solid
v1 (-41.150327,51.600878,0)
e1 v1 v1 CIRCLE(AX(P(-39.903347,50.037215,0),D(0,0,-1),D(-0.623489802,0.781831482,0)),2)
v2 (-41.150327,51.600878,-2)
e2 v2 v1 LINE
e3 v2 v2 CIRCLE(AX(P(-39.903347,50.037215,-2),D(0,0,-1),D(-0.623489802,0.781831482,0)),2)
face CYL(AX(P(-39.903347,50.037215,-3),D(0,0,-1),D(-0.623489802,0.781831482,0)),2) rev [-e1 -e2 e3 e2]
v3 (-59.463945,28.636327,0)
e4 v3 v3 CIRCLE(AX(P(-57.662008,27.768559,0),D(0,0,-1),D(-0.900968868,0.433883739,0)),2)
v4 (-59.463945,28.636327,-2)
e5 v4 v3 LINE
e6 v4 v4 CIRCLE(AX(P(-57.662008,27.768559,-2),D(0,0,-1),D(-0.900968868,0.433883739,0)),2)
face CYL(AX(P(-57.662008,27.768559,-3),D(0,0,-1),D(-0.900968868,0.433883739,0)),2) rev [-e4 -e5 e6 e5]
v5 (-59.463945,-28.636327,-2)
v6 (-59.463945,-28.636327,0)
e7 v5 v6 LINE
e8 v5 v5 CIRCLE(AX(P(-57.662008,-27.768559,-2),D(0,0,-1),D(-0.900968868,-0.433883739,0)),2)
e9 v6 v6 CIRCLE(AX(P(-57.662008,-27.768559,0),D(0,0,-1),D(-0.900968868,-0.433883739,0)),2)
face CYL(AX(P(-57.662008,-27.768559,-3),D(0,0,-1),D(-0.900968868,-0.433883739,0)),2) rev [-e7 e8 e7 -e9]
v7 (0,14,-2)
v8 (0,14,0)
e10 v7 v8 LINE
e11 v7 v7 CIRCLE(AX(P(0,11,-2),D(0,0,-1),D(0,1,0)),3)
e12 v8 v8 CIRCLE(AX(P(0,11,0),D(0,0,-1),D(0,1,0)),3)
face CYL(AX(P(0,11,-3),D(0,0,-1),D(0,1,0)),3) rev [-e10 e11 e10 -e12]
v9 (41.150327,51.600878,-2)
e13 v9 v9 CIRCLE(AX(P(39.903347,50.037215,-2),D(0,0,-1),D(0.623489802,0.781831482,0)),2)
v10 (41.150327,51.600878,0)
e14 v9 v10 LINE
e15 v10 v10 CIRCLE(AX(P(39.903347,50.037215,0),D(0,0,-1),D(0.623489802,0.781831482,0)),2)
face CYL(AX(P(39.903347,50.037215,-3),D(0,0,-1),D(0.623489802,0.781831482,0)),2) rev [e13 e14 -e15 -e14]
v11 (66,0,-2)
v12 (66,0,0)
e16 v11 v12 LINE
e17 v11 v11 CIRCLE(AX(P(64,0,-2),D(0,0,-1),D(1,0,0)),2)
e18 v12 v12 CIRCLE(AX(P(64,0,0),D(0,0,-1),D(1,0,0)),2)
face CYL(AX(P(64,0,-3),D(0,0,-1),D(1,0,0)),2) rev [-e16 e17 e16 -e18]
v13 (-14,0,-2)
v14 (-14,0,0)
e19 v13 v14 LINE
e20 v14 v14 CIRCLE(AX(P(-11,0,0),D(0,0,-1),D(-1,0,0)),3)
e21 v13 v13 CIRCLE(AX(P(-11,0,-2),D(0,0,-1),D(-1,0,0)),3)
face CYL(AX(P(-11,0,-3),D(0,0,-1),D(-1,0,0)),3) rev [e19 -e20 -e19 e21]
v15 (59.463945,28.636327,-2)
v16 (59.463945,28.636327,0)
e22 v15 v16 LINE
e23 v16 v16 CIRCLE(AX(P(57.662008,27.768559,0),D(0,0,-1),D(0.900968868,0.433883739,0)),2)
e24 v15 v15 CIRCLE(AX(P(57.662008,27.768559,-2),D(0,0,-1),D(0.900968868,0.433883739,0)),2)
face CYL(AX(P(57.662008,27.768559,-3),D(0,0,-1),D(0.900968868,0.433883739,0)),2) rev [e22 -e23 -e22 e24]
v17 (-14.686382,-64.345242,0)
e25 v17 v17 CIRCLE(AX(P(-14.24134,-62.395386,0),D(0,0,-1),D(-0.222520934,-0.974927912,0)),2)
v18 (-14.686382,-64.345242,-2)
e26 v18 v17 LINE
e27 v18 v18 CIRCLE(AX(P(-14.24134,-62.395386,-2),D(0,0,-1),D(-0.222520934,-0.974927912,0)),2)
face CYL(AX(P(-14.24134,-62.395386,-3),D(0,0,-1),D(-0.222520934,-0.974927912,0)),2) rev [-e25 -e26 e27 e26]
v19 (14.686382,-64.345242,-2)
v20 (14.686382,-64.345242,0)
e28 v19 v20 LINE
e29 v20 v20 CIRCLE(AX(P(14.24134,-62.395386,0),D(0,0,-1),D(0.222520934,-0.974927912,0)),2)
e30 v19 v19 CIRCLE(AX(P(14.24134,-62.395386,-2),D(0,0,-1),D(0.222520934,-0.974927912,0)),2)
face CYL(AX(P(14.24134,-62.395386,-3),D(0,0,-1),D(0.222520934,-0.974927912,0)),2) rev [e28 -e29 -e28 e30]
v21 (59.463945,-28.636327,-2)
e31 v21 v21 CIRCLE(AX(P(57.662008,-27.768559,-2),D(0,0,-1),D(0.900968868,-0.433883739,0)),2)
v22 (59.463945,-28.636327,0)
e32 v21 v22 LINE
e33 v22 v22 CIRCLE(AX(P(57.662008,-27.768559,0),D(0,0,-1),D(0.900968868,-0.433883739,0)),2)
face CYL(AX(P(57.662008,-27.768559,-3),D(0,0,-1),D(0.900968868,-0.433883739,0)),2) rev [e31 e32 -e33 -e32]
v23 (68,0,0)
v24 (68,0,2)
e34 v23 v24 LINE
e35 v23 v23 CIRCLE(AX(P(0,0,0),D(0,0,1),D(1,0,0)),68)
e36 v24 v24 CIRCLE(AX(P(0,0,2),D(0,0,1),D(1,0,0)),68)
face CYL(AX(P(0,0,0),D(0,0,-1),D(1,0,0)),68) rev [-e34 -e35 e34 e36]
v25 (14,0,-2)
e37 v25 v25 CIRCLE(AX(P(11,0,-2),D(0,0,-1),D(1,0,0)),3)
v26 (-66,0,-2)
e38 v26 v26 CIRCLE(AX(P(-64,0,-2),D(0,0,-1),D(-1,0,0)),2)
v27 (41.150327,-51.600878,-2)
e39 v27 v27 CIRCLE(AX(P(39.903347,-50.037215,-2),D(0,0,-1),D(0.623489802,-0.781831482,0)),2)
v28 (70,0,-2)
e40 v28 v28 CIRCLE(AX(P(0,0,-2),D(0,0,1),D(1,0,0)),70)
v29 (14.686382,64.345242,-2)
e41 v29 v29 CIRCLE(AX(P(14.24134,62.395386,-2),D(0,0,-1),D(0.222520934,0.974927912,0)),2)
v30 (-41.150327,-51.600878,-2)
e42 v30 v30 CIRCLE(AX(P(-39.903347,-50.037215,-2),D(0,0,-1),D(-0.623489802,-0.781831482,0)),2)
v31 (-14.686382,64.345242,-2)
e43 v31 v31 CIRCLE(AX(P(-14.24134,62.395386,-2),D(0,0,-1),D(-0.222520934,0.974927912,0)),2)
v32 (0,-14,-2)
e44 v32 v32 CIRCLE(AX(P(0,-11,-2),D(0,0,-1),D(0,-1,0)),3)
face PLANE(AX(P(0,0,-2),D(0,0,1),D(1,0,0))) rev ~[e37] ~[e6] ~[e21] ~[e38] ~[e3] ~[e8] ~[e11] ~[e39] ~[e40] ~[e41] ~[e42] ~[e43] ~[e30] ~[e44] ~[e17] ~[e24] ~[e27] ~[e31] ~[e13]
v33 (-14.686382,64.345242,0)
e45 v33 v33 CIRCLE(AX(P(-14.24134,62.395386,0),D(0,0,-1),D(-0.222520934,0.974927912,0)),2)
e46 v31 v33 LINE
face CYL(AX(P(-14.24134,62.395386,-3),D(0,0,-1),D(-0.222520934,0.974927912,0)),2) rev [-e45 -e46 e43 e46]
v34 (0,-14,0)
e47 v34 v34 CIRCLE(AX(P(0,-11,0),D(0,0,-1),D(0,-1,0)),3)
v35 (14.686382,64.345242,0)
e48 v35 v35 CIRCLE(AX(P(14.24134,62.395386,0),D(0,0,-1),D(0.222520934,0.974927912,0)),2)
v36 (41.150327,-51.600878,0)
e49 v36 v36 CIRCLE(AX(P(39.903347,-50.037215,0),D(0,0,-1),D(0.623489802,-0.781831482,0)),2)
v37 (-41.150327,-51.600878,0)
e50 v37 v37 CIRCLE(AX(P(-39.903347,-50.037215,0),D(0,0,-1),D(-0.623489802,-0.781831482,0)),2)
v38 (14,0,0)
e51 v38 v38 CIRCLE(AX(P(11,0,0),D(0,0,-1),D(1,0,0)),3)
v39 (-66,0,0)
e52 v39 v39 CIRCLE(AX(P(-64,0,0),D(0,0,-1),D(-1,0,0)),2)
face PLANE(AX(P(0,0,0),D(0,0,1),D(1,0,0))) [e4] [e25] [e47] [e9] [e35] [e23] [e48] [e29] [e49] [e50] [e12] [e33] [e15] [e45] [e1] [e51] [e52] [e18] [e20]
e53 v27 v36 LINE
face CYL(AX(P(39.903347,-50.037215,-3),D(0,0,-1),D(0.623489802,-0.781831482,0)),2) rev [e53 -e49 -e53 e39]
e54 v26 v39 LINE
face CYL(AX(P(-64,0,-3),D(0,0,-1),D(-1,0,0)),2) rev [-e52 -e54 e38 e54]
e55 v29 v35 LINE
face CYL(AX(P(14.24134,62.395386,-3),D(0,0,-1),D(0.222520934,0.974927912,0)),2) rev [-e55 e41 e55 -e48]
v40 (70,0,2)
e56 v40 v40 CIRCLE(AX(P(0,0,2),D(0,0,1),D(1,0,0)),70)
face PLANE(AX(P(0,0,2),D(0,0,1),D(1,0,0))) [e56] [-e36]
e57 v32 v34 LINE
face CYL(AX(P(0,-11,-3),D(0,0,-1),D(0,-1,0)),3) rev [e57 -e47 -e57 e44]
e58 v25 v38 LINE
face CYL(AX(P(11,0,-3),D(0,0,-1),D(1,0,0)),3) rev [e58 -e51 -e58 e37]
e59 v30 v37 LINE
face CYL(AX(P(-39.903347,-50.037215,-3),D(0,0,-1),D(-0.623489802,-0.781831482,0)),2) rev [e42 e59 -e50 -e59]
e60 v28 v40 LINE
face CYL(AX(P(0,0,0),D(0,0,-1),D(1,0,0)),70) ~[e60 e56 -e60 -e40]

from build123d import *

# Parameters (mm, degrees)
SKETCH_R          = 70
SKETCH_R_2        = 68
PAD_DEPTH         = 2
CYLINDER001_R     = 2
CYLINDER001_DEPTH = 4
ARRAY001_COUNT    = 14
CYLINDER_R        = 3
CYLINDER_DEPTH    = 4
ARRAY_COUNT       = 4
SKETCH002_R       = 70
PAD001_DEPTH      = 2


with BuildPart() as body:
    # Sketch → Pad (new body)
    with BuildSketch(Plane.XY):
        Circle(SKETCH_R)
        Circle(SKETCH_R_2, mode=Mode.SUBTRACT)
    extrude(amount=PAD_DEPTH)


with BuildPart() as array001:
    # Cylinder001 → Cylinder001 (new body)
    with BuildSketch(Plane(origin=(64, 0, -3), x_dir=(1, 0, 0), z_dir=(0, 0, 1))):
        Circle(CYLINDER001_R)
    extrude(amount=CYLINDER001_DEPTH)

    # Array001: Array001 ×14 about axis
    array001_axis = Axis((0, 0, 0), (0, 0, 1))


with BuildPart() as array001_1:
    add(array001.part)
    for i in range(1, ARRAY001_COUNT):
        add(array001.part.rotate(array001_axis, i * 360 / ARRAY001_COUNT))


with BuildPart() as array:
    # Cylinder → Cylinder (new body)
    with BuildSketch(Plane(origin=(11, 0, 0), x_dir=(1, 0, 0), z_dir=(0, 0, 1))):
        Circle(CYLINDER_R)
    extrude(amount=CYLINDER_DEPTH)

    # Array: Array ×4 about axis
    array_axis = Axis((0, 0, 0), (0, 0, 1))


with BuildPart() as array_1:
    add(array.part)
    for i in range(1, ARRAY_COUNT):
        add(array.part.rotate(array_axis, i * 360 / ARRAY_COUNT))


with BuildPart() as array_2:
    # Array placement: moved
    add(array_1.part.moved(Location((0, 0, -3))))


with BuildPart() as fusion:
    # Sketch002 → Pad001 (new body)
    with BuildSketch(Plane.XY):
        Circle(SKETCH002_R)
    extrude(amount=PAD001_DEPTH)


with BuildPart() as fusion_1:
    # Body001 placement: moved
    add(fusion.part.moved(Location((0, 0, -2))))

    # Cut: cut Array
    add(array_2.part, mode=Mode.SUBTRACT)

    # Cut001: cut Array001
    add(array001_1.part, mode=Mode.SUBTRACT)

    # Fusion: union Body
    add(body.part)


solid = fusion_1.part
